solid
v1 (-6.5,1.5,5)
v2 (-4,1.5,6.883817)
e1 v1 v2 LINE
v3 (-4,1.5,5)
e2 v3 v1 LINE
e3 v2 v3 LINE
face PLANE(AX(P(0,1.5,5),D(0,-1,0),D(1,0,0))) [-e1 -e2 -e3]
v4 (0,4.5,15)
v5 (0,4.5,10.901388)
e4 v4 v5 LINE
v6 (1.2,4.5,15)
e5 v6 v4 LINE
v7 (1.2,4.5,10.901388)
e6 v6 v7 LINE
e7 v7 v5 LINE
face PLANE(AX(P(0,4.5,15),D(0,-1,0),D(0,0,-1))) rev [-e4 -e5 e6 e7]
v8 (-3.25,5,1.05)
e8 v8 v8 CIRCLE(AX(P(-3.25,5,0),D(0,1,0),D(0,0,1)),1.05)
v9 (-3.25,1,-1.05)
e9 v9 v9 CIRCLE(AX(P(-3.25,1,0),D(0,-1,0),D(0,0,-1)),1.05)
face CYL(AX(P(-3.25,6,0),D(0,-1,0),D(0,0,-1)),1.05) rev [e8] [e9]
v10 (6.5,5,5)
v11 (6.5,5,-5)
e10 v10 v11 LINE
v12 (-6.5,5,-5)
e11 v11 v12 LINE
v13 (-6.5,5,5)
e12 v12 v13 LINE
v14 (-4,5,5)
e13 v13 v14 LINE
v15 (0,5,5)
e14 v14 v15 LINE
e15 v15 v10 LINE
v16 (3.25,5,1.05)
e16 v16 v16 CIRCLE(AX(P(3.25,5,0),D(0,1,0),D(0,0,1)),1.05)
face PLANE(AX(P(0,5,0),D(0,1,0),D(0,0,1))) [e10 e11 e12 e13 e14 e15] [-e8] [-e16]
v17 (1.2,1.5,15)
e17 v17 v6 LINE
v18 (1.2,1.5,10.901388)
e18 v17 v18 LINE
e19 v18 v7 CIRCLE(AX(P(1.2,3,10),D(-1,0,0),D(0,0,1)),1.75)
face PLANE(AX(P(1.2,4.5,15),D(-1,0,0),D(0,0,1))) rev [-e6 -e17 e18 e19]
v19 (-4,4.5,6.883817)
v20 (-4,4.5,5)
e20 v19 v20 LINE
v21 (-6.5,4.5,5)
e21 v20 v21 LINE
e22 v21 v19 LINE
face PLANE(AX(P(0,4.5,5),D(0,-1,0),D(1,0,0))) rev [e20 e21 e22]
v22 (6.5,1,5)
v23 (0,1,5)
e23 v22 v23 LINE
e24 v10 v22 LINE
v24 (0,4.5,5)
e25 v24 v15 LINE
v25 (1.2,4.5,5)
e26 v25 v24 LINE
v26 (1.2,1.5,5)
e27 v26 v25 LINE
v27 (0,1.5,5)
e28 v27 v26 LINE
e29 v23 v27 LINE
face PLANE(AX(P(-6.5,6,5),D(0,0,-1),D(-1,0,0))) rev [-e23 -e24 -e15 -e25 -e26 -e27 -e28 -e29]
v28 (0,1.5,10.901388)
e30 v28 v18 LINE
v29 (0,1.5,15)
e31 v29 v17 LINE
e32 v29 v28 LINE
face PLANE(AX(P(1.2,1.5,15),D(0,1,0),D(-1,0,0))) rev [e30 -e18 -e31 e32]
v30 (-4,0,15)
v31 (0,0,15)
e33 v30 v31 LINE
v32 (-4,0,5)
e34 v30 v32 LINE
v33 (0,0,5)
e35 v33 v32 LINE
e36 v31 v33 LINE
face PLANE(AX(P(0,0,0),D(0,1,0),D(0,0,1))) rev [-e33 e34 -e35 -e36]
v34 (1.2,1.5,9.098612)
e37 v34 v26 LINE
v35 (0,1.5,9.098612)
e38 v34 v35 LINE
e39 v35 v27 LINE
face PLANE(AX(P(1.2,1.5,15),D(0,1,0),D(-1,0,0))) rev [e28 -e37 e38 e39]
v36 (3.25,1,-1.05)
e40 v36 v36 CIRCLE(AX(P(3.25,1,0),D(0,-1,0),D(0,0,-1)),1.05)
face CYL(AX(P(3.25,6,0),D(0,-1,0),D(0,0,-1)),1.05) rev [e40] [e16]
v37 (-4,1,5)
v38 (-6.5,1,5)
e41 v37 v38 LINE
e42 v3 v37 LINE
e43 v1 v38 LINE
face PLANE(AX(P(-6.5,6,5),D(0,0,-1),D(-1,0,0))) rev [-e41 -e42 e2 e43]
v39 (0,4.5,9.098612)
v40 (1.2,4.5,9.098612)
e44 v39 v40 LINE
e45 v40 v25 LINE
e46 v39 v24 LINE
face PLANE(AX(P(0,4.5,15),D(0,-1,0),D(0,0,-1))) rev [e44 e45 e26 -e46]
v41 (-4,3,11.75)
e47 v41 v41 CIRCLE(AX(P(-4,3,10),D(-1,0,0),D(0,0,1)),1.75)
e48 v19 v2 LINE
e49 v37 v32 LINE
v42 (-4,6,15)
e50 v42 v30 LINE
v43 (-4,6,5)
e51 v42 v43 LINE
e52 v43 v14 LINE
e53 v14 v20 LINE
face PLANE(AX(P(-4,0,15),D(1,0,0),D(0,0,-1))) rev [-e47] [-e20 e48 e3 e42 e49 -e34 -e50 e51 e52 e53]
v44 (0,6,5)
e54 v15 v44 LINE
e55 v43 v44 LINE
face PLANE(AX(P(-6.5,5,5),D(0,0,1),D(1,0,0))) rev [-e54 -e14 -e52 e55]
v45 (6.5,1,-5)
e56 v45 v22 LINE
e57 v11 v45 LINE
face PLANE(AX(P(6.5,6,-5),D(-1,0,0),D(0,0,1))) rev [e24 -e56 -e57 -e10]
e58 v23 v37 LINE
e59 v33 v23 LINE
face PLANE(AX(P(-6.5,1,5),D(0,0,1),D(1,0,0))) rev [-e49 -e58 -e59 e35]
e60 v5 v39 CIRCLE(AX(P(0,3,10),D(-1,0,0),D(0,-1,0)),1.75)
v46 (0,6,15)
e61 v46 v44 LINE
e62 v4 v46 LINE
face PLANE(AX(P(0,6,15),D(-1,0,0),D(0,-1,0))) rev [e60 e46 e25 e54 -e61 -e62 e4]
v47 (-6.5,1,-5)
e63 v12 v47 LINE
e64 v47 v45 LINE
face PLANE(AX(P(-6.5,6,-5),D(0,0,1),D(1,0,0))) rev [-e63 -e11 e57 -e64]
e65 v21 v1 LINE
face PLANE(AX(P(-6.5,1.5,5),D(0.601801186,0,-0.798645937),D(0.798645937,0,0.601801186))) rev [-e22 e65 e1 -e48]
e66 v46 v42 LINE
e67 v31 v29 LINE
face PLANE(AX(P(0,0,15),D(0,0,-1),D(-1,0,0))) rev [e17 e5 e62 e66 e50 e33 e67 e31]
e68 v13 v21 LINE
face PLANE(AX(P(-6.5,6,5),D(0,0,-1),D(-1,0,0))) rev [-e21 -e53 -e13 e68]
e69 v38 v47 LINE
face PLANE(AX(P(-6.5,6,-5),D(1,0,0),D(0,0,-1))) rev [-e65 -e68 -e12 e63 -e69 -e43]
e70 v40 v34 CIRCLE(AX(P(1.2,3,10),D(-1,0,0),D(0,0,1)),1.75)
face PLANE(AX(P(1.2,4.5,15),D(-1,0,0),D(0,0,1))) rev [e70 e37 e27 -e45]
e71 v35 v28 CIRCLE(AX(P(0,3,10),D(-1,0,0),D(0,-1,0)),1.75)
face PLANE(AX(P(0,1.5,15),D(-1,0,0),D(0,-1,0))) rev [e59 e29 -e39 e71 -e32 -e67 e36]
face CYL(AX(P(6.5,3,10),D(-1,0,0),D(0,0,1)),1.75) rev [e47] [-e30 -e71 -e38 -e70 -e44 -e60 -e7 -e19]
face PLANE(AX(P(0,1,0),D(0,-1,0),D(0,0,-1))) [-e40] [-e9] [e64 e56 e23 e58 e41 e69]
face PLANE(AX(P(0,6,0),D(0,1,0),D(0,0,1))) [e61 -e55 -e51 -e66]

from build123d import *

# Parameters (mm, degrees)
SKETCH_2_W          = 13
SKETCH_2_H          = 10
SKETCH_2_R          = 1.05
EXTRUDE_1_DEPTH     = 6
EXTRUDE_2_DEPTH     = 10
SKETCH_4_W          = 13
SKETCH_4_H          = 10
CUT_EXTRUDE_1_DEPTH = 1
SKETCH_5_W          = 13
SKETCH_5_H          = 10
CUT_EXTRUDE_2_DEPTH = 1
SKETCH_6_R          = 1.75
CUT_EXTRUDE_3_DEPTH = 20.267848868
RIB_1_REACH         = 18.956
SKETCH_7_WALL_W     = 39.23500661
SKETCH_7_WALL_H     = 3


with BuildPart() as part:
    # 草图2 → 凸台-拉伸1 (new body)
    with BuildSketch(Plane(origin=(0, 0, 0), x_dir=(1, 0, 0), z_dir=(0, 1, 0))):
        Rectangle(SKETCH_2_W, SKETCH_2_H)
        with Locations(Location((-3.25, 0, 0), (0, 0, 270))):
            Circle(SKETCH_2_R, mode=Mode.SUBTRACT)
        with Locations(Location((3.25, 0, 0), (0, 0, 270))):
            Circle(SKETCH_2_R, mode=Mode.SUBTRACT)
    extrude(amount=EXTRUDE_1_DEPTH)

    # 草图3 → 凸台-拉伸2 (add)
    with BuildSketch(Plane.XY.offset(5)):
        Polygon((0, 6), (0, 4.5), (1.2, 4.5), (1.2, 1.5), (0, 1.5), (0, 0), (-4, 0), (-4, 6), align=None)
    extrude(amount=EXTRUDE_2_DEPTH)

    # 草图4 → 切除-拉伸1 (cut)
    with BuildSketch(Plane(origin=(0, 6, 0), x_dir=(1, 0, 0), z_dir=(0, 1, 0))):
        Rectangle(SKETCH_4_W, SKETCH_4_H)
    extrude(amount=-CUT_EXTRUDE_1_DEPTH, mode=Mode.SUBTRACT)

    # 草图5 → 切除-拉伸2 (cut)
    with BuildSketch(Plane.XZ):
        Rectangle(SKETCH_5_W, SKETCH_5_H)
    extrude(amount=-CUT_EXTRUDE_2_DEPTH, mode=Mode.SUBTRACT)

    # 草图6 → 切除-拉伸3 (cut, through all)
    with BuildSketch(Plane.ZY.offset(4)):
        with Locations((10, 3)):
            Circle(SKETCH_6_R)
    extrude(amount=-CUT_EXTRUDE_3_DEPTH, mode=Mode.SUBTRACT)

    # 草图7 wall → 筋1 (add, up to next)
    with BuildSketch(Plane(origin=(-5.172907339, 1.5, 6), x_dir=(0.798645937054, 0, 0.601801185798), z_dir=(-0.601801185798, 0, 0.798645937054)), mode=Mode.PRIVATE) as rib_1_sk1:
        with Locations((0, 1.5)):
            Rectangle(SKETCH_7_WALL_W, SKETCH_7_WALL_H)
    rib_1_tool1 = extrude(rib_1_sk1.sketch, amount=-RIB_1_REACH, mode=Mode.PRIVATE) - part.part
    add(rib_1_tool1.solids().sort_by_distance((-5.172907339, 1.5, 6))[0])


solid = part.part
